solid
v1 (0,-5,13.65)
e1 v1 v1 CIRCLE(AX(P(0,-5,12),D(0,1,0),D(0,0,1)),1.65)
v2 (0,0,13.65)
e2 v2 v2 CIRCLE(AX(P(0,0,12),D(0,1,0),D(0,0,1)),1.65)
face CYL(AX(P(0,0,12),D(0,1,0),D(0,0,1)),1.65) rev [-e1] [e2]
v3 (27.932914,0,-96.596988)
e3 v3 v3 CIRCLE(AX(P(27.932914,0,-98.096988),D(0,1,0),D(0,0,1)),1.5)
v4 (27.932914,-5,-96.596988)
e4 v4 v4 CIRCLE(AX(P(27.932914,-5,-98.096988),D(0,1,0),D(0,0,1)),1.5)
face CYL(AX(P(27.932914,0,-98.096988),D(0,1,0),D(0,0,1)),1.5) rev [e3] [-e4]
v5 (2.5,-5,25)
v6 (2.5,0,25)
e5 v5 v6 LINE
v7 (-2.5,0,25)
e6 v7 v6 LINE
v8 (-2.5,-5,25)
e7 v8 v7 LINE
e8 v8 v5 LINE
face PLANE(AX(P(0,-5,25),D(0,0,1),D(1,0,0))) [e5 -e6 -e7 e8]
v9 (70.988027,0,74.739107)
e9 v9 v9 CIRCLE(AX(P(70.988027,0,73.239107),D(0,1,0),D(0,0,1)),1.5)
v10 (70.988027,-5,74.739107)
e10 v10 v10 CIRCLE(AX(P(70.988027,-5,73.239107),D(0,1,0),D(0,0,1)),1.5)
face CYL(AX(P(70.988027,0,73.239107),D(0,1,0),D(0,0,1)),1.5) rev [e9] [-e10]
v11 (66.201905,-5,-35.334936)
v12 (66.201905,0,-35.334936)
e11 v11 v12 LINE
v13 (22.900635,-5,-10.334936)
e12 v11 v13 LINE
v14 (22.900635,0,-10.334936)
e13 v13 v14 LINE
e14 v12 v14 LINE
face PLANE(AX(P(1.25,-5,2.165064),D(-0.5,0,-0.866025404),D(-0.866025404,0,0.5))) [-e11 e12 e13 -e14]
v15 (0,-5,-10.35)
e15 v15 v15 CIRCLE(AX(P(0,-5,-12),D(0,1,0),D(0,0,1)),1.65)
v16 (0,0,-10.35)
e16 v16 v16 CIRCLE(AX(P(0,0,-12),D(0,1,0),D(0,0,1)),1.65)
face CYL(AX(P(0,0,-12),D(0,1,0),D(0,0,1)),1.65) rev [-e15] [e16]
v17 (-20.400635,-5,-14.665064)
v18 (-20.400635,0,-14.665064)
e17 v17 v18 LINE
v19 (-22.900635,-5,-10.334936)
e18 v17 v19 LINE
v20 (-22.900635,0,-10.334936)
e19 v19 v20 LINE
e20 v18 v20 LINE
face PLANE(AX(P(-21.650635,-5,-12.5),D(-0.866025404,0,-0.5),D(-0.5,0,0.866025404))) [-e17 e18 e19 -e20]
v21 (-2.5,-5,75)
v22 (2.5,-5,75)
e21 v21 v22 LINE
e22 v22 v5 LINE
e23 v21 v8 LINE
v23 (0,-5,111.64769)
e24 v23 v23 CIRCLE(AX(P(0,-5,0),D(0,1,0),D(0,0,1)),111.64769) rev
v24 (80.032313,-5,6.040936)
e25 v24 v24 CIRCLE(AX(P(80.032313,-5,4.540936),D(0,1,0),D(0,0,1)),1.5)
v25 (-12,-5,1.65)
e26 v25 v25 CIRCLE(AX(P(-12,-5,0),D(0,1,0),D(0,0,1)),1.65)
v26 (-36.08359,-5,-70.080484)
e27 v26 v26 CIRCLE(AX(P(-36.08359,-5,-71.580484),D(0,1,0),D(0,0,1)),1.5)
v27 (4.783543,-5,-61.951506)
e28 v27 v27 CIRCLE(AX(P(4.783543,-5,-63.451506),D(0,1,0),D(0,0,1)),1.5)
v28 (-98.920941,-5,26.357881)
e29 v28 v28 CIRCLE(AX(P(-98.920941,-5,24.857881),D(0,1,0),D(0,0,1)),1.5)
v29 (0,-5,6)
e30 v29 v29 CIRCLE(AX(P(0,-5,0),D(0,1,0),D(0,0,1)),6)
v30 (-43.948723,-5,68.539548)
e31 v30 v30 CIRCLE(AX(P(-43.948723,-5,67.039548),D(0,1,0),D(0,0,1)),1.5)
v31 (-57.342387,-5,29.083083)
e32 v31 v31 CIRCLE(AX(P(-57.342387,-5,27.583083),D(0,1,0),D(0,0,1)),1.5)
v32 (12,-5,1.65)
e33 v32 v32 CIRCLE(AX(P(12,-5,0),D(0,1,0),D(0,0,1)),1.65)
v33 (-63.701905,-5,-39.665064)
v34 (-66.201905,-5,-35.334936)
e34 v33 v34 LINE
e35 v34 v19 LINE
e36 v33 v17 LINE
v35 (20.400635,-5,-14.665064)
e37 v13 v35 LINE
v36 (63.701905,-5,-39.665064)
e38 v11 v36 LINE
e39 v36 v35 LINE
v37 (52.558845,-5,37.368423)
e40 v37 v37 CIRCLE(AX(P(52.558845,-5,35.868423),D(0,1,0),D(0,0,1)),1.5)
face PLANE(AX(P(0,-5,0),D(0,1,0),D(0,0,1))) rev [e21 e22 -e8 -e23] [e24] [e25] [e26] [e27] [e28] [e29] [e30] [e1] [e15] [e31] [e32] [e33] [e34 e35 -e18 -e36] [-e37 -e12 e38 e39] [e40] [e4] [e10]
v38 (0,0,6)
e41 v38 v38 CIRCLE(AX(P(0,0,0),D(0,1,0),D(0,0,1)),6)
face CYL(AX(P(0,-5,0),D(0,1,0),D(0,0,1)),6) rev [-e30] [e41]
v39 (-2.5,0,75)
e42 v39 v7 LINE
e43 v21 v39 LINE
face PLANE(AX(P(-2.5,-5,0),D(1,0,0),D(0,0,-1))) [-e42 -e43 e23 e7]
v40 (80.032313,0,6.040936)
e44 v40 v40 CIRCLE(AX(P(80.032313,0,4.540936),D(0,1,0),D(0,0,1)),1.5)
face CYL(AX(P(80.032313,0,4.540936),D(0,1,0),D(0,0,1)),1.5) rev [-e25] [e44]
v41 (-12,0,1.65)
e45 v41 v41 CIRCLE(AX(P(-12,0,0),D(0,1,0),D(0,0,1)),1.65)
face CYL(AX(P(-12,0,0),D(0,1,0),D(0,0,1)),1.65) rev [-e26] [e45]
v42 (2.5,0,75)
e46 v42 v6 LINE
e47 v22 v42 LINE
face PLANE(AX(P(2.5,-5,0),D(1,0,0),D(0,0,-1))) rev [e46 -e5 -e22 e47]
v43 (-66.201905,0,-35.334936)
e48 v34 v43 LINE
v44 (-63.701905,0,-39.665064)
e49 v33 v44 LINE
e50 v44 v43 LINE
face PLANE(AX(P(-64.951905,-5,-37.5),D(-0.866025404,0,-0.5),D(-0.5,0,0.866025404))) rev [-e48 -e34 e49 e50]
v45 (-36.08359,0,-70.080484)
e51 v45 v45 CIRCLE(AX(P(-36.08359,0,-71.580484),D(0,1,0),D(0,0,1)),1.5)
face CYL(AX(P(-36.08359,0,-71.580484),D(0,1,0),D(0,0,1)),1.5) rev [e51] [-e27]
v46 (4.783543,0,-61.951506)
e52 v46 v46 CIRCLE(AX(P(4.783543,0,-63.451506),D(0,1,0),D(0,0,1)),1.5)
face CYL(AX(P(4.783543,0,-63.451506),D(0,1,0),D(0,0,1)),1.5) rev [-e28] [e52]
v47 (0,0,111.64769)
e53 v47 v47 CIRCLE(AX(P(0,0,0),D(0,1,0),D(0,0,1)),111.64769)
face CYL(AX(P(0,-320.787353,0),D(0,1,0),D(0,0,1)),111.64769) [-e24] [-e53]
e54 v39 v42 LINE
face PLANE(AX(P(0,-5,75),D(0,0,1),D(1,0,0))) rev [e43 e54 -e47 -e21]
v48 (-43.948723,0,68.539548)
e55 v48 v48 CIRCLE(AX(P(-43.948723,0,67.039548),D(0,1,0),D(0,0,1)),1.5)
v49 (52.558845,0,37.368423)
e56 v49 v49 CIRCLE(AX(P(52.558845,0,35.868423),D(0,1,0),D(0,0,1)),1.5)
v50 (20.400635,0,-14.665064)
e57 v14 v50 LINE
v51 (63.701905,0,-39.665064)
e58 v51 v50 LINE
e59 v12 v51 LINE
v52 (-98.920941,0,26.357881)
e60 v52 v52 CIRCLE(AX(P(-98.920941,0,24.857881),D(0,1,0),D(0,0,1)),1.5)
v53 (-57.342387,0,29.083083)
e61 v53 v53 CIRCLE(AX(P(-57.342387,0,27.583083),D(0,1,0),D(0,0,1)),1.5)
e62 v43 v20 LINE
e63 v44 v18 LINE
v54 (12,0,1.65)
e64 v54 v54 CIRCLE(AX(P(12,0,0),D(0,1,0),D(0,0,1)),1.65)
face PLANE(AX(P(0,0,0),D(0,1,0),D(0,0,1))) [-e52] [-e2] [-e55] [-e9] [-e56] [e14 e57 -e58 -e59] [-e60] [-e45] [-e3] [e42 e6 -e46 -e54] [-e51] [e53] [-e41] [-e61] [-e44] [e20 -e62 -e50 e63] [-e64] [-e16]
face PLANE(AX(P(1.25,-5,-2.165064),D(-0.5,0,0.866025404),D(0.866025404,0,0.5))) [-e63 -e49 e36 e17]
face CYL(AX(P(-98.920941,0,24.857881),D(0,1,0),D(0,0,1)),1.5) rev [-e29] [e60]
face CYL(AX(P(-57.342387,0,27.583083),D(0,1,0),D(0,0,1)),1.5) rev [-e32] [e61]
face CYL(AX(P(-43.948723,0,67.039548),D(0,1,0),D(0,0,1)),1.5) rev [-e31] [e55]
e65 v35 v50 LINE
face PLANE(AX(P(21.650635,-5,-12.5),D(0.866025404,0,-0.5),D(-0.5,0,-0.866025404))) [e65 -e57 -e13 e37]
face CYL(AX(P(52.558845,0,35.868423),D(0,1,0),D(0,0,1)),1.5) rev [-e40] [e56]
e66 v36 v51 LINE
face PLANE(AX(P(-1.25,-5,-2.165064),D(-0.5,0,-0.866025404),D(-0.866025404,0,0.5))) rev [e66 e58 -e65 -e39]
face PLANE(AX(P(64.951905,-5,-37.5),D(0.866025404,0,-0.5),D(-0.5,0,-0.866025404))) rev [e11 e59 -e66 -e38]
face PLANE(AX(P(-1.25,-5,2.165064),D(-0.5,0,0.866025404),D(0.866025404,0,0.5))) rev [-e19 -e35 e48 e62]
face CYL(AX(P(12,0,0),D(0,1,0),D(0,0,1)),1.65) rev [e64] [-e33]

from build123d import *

# Parameters (mm, degrees)
SKETCH_1_R               = 6
EXTRUDE_1_DEPTH          = 5
CUT_EXTRUDE_1_DEPTH      = 142.435598161
CUT_EXTRUDE_1_DEPTH_BACK = 142.435598161
SKETCH_5_W               = 5
SKETCH_5_H               = 50
SKETCH_6_R               = 111.64768953
EXTRUDE_4_DEPTH          = 5
F_3_0MM_1_D              = 3
PATTERN_CIRCULAR_1_COUNT = 3
HOLE_WIZARD_M4_1_D       = 3.3


with BuildPart() as part:
    # 草圖1 → 填料-伸長1 (new body)
    with BuildSketch(Plane(origin=(0, 0, 0), x_dir=(1, 0, 0), z_dir=(0, 1, 0))):
        with BuildLine():
            ThreePointArc((-54.140127389, 84.076433121), (-86.602540378, 50), (-99.882390637, 4.848509122))
            ThreePointArc((-99.882390637, 4.848509122), (-94.722486108, -4.890404948), (-83.701905284, -5.024047358))
            ThreePointArc((-83.701905284, -5.024047358), (-32.475952642, -18.75), (-46.201905284, -69.975952642))
            ThreePointArc((-46.201905284, -69.975952642), (-51.596457973, -79.586876805), (-45.742263248, -88.924942243))
            ThreePointArc((-45.742263248, -88.924942243), (0, -100), (45.742263248, -88.924942243))
            ThreePointArc((45.742263248, -88.924942243), (51.596457973, -79.586876805), (46.201905284, -69.975952642))
            ThreePointArc((46.201905284, -69.975952642), (32.475952642, -18.75), (83.701905284, -5.024047358))
            ThreePointArc((83.701905284, -5.024047358), (94.722486108, -4.890404948), (99.882390637, 4.848509122))
            ThreePointArc((99.882390637, 4.848509122), (86.602540378, 50), (54.140127389, 84.076433121))
            ThreePointArc((54.140127389, 84.076433121), (43.126028135, 84.477281753), (37.5, 75))
            ThreePointArc((37.5, 75), (0, 37.5), (-37.5, 75))
            ThreePointArc((-37.5, 75), (-43.126028135, 84.477281753), (-54.140127389, 84.076433121))
        make_face()
        with Locations(Location((0, 0, 0), (0, 0, 270))):
            Circle(SKETCH_1_R, mode=Mode.SUBTRACT)
    extrude(amount=-EXTRUDE_1_DEPTH)

    # 草圖5 → 除料-伸長1 (cut, two sides: drawn at the far end of the back side and taken through both)
    with BuildSketch(Plane(origin=(0, 0, 0), x_dir=(1, 0, 0), z_dir=(0, 1, 0)).offset(-CUT_EXTRUDE_1_DEPTH_BACK)):
        with BuildLine():
            ThreePointArc((18.659757868, -98.243643236), (-14.320442433, -98.969313065), (-45.742263248, -88.924942243))
            ThreePointArc((-45.742263248, -88.924942243), (-51.596457973, -79.586876805), (-46.201905284, -69.975952642))
            ThreePointArc((-46.201905284, -69.975952642), (-35.201155023, -60.328553588), (-28.729686798, -47.205714191))
            ThreePointArc((-28.729686798, -47.205714191), (-19.144613028, -85.825688538), (18.659757868, -98.243643236))
        make_face()
        with BuildLine():
            ThreePointArc((75.751611869, 65.28164596), (92.870160526, 37.082789592), (99.882390637, 4.848509122))
            ThreePointArc((99.882390637, 4.848509122), (94.722486108, -4.890404948), (83.701905284, -5.024047358))
            ThreePointArc((83.701905284, -5.024047358), (69.846637492, -0.320817698), (55.246191092, -1.277781514))
            ThreePointArc((55.246191092, -1.277781514), (83.899533086, 26.333123041), (75.751611869, 65.28164596))
        make_face()
        Polygon((-20.400635095, 14.665063509), (-22.900635095, 10.334936491), (-66.201905284, 35.334936491), (-63.701905284, 39.665063509), align=None)
        with Locations((0, -50)):
            Rectangle(SKETCH_5_W, SKETCH_5_H)
        Polygon((22.900635095, 10.334936491), (20.400635095, 14.665063509), (63.701905284, 39.665063509), (66.201905284, 35.334936491), align=None)
        with BuildLine():
            ThreePointArc((-37.5, 75), (-34.645482469, 60.649371286), (-26.516504294, 48.483495706))
            ThreePointArc((-26.516504294, 48.483495706), (-64.754920057, 59.492565497), (-94.411369737, 32.961997276))
            ThreePointArc((-94.411369737, 32.961997276), (-78.549718093, 61.886523473), (-54.140127389, 84.076433121))
            ThreePointArc((-54.140127389, 84.076433121), (-43.126028135, 84.477281753), (-37.5, 75))
        make_face()
    extrude(amount=CUT_EXTRUDE_1_DEPTH + CUT_EXTRUDE_1_DEPTH_BACK, mode=Mode.SUBTRACT)

    # 草圖6 → 填料-伸長4 (add)
    # profile 1 of 2: a face of its own
    with BuildSketch(Plane(origin=(0, 0, 0), x_dir=(1, 0, 0), z_dir=(0, 1, 0))):
        with Locations(Location((0, 0, 0), (0, 0, 270))):
            Circle(SKETCH_6_R)
        with BuildLine():
            Line((-64.951905284, -37.5), (-28.729686798, -47.205714191))
            ThreePointArc((-28.729686798, -47.205714191), (-19.144613028, -85.825688538), (18.659757868, -98.243643236))
            ThreePointArc((18.659757868, -98.243643236), (32.536358555, -94.558898957), (45.742263248, -88.924942243))
            ThreePointArc((45.742263248, -88.924942243), (51.596457973, -79.586876805), (46.201905284, -69.975952642))
            ThreePointArc((46.201905284, -69.975952642), (27.772722982, -32.605267792), (55.246191092, -1.277781514))
            ThreePointArc((55.246191092, -1.277781514), (83.899533086, 26.333123041), (75.751611869, 65.28164596))
            ThreePointArc((75.751611869, 65.28164596), (65.622229374, 75.456762534), (54.140127389, 84.076433121))
            ThreePointArc((54.140127389, 84.076433121), (43.126028135, 84.477281753), (37.5, 75))
            ThreePointArc((37.5, 75), (14.350628714, 40.354517531), (-26.516504294, 48.483495706))
            ThreePointArc((-26.516504294, 48.483495706), (-64.754920057, 59.492565497), (-94.411369737, 32.961997276))
            ThreePointArc((-94.411369737, 32.961997276), (-98.158587928, 19.102136424), (-99.882390637, 4.848509122))
            ThreePointArc((-99.882390637, 4.848509122), (-94.722486108, -4.890404948), (-83.701905284, -5.024047358))
            Line((-83.701905284, -5.024047358), (-64.951905284, -37.5))
        make_face(mode=Mode.SUBTRACT)
    # profile 2 of 2: a face of its own
    with BuildSketch(Plane(origin=(0, 0, 0), x_dir=(1, 0, 0), z_dir=(0, 1, 0))):
        with BuildLine():
            Line((-83.701905284, -5.024047358), (-64.951905284, -37.5))
            Line((-64.951905284, -37.5), (-28.729686798, -47.205714191))
            ThreePointArc((-28.729686798, -47.205714191), (-42.123351696, -7.749249739), (-83.701905284, -5.024047358))
        make_face()
    extrude(amount=-EXTRUDE_4_DEPTH)

    # Ø3.0mm 定位孔1 (through all)
    with Locations(Plane(origin=(0, 0, 0), x_dir=(1, 0, 0), z_dir=(0, 1, 0))):
        with Locations((-43.948722523, -67.039547699), (-57.342387421, -27.583083246), (-98.920941009, -24.857880865)):
            f_3_0mm_1 = Hole(F_3_0MM_1_D / 2)

    # 環狀複製排列1: Ø3.0mm 定位孔1 ×3 about axis
    pattern_circular_1_axis = Axis((0, 0, 0), (0, 1, 0))
    for i in range(1, PATTERN_CIRCULAR_1_COUNT):
        add(f_3_0mm_1.rotate(pattern_circular_1_axis, i * 360 / PATTERN_CIRCULAR_1_COUNT), mode=Mode.SUBTRACT)

    # M4 螺紋孔1 (through all)
    with Locations(Plane(origin=(0, 0, 0), x_dir=(1, 0, 0), z_dir=(0, 1, 0))):
        with Locations((0, 12), (12, 0), (0, -12), (-12, 0)):
            Hole(HOLE_WIZARD_M4_1_D / 2)


solid = part.part
